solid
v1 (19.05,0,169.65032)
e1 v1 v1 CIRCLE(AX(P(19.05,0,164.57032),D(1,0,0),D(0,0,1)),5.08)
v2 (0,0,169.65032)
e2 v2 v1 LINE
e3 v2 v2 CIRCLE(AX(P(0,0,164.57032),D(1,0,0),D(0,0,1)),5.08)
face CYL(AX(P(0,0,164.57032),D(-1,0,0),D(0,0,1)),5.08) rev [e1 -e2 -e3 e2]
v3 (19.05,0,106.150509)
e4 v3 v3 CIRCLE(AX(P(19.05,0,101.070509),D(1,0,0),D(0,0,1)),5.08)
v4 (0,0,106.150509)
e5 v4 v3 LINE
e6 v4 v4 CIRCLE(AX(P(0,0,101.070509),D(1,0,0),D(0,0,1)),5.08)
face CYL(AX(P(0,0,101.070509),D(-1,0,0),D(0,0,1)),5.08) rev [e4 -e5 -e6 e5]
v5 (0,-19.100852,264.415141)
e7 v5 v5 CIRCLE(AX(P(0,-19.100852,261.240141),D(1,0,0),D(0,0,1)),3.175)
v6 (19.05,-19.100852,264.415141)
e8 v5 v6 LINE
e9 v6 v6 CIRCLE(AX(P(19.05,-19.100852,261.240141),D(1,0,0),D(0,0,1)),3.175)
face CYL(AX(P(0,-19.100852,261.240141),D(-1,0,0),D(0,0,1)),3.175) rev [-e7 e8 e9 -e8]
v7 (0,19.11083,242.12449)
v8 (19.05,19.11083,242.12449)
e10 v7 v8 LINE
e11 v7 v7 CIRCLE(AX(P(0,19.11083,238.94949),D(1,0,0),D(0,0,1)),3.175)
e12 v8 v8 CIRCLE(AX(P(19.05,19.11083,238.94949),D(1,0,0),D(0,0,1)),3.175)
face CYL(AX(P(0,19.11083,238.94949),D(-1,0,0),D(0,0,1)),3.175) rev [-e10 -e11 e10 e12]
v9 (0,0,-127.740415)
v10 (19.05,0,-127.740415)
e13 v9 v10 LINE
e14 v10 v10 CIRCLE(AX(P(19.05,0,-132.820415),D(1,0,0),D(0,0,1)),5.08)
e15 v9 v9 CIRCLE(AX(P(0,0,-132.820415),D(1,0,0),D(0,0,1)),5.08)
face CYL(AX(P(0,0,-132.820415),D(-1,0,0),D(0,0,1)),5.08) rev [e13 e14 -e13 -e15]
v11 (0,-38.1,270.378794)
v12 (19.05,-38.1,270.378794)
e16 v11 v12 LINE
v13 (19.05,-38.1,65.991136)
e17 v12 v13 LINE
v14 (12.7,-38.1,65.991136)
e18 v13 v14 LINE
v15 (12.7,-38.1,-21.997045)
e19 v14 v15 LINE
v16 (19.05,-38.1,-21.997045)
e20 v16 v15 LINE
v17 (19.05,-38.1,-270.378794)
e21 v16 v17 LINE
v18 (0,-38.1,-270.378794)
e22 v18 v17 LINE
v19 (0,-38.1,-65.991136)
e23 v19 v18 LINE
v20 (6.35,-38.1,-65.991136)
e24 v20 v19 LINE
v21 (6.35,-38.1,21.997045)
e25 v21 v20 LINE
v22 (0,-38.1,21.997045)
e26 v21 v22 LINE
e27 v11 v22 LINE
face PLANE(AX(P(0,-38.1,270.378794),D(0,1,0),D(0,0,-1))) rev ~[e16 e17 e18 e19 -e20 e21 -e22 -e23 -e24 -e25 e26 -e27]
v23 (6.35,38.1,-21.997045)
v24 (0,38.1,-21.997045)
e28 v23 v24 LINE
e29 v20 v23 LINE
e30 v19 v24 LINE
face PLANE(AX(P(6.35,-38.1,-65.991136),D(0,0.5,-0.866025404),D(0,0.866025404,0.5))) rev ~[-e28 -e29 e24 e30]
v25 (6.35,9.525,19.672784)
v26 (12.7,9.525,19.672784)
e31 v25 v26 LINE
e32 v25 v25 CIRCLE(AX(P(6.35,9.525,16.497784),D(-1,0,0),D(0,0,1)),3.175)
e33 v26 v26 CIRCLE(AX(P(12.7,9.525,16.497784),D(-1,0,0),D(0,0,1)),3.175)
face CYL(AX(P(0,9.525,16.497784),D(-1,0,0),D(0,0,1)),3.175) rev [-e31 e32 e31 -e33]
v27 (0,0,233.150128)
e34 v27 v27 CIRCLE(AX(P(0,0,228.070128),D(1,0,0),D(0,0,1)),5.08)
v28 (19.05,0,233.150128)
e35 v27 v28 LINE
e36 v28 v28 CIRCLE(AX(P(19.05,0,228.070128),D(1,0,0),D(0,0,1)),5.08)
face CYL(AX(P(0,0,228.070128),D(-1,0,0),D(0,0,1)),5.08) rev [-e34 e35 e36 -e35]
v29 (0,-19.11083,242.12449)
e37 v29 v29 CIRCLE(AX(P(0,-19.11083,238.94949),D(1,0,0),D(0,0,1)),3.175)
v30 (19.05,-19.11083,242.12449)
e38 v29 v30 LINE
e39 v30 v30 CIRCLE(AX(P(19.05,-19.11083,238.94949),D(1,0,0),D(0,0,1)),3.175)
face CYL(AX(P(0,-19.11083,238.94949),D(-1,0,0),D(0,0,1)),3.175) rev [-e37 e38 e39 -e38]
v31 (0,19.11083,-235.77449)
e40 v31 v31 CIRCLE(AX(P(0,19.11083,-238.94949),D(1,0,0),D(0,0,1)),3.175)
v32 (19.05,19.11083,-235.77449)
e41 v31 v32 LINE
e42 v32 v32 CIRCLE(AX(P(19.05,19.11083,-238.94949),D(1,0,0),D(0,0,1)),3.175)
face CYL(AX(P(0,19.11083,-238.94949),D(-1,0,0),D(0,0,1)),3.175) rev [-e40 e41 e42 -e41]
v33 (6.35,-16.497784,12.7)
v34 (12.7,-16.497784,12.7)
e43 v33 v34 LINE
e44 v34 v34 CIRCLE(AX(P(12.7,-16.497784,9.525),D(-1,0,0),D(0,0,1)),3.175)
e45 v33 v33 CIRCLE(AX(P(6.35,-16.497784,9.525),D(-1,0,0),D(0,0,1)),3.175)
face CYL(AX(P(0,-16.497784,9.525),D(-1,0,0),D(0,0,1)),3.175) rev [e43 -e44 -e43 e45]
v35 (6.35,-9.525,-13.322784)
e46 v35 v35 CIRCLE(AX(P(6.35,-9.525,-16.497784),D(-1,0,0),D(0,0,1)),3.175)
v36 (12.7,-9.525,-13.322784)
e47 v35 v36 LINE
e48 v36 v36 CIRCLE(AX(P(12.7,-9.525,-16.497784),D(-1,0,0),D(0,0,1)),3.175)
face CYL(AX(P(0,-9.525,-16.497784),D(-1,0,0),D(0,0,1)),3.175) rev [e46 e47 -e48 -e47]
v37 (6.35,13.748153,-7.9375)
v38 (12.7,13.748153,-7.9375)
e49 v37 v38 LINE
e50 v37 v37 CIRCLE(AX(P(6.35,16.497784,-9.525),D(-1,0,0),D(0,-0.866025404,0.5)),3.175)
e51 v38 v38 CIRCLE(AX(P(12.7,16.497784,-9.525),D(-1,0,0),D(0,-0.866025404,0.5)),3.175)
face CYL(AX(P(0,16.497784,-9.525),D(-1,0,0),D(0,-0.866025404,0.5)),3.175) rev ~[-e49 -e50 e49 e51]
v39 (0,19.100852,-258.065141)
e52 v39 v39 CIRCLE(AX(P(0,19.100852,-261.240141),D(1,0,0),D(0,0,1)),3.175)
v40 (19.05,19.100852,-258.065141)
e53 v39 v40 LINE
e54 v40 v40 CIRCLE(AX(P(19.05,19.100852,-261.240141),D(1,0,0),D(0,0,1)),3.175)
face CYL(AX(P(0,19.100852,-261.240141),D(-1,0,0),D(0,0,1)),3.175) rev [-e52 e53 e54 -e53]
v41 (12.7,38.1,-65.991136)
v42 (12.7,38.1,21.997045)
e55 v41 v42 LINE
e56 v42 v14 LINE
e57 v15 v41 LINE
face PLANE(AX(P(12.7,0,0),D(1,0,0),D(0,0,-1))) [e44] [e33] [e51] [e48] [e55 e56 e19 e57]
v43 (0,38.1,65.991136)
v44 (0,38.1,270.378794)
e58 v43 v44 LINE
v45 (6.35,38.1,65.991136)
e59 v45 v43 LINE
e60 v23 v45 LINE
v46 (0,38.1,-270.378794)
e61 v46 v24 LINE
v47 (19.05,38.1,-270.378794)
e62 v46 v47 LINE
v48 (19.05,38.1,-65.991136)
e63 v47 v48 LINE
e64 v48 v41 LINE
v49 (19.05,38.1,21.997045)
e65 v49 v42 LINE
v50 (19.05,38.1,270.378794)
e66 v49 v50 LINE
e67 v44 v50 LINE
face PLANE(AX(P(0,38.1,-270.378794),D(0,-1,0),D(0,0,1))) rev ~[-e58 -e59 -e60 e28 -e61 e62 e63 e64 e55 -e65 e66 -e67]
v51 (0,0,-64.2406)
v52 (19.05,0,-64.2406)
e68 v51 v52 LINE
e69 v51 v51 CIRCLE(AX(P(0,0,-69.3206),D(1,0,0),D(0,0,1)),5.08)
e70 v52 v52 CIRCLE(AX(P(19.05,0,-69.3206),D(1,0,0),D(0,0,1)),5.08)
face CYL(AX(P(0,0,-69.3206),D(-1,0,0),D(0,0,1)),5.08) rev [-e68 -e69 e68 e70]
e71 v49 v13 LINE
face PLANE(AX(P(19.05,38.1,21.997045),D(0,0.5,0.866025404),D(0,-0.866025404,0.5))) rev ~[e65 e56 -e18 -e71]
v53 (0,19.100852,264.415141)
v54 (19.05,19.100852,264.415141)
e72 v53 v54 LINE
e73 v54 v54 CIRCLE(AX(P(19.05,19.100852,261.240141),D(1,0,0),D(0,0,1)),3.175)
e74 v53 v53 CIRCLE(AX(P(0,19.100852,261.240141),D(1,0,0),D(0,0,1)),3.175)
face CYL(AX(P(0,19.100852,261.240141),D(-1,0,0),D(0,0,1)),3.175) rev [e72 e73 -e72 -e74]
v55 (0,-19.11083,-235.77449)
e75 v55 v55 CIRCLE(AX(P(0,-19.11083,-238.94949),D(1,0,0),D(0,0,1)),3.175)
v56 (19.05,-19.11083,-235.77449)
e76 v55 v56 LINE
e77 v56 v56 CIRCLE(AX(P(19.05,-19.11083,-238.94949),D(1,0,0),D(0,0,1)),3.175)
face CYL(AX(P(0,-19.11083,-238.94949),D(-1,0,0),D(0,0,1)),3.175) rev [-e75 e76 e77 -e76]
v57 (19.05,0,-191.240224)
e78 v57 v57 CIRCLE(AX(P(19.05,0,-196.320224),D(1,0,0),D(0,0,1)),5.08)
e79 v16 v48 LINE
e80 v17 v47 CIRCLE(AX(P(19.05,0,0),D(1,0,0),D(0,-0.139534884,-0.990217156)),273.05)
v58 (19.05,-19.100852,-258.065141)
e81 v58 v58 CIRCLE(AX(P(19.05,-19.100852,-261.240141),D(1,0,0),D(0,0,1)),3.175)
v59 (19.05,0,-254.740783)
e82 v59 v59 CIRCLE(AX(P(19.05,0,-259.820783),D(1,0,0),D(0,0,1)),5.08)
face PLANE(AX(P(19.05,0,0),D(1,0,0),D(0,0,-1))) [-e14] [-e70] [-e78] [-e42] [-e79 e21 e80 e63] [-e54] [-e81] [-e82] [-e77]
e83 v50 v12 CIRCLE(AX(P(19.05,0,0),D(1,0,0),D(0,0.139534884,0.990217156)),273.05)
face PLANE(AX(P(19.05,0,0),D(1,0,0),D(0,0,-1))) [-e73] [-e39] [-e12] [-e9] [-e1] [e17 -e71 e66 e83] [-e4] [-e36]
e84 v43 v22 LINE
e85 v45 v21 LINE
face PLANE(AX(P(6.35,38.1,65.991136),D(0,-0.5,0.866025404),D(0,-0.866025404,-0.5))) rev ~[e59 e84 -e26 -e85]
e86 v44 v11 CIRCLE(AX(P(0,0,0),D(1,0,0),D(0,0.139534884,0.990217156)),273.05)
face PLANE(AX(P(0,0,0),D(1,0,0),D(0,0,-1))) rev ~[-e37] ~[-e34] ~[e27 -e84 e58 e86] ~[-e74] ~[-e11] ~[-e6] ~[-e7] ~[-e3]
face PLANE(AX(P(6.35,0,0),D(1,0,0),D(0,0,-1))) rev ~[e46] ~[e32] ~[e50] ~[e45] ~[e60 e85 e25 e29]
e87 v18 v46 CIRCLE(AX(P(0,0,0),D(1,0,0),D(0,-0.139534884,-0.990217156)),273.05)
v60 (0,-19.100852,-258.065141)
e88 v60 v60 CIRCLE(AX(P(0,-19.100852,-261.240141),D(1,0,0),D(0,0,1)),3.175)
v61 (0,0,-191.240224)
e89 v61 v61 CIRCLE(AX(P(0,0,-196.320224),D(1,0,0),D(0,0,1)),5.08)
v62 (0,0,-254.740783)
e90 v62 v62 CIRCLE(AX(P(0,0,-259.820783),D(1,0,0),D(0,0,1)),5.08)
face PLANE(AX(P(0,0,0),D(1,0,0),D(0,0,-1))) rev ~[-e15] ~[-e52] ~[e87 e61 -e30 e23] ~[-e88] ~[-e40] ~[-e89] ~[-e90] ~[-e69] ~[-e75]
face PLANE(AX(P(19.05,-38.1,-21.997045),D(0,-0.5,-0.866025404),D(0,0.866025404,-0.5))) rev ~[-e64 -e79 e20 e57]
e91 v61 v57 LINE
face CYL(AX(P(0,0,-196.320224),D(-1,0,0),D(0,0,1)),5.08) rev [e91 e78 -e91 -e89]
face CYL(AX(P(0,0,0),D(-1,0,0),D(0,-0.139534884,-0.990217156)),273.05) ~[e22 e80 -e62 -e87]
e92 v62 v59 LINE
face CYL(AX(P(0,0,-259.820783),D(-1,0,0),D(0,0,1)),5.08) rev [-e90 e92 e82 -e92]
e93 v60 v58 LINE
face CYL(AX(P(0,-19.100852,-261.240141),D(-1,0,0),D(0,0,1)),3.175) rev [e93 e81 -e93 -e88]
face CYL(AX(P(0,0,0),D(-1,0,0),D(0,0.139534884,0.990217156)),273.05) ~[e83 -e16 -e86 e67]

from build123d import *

# Parameters (mm, degrees)
SKETCH2_R           = 3.175
SKETCH2_R_2         = 5.08
BOSS_EXTRUDE1_DEPTH = 19.05
CUT_EXTRUDE2_START  = -12.7
CUT_EXTRUDE2_DEPTH  = 6.35
CUT_EXTRUDE3_DEPTH  = 6.35


with BuildPart() as part:
    # Sketch2 → Boss-Extrude1 (new body)
    with BuildSketch(Plane(origin=(0, 0, 0), x_dir=(0, 0, -1), z_dir=(1, 0, 0))):
        with BuildLine():
            Line((21.997045256, 38.1), (-270.378794472, 38.1))
            ThreePointArc((-270.378794472, 38.1), (-273.05, 0), (-270.378794472, -38.1))
            Line((-270.378794472, -38.1), (270.378794472, -38.1))
            ThreePointArc((270.378794472, -38.1), (273.05, 0), (270.378794472, 38.1))
            Line((270.378794472, 38.1), (21.997045256, 38.1))
        make_face()
        with BuildLine():
            ThreePointArc((11.1125, 19.247414599), (12.274630657, 14.910283942), (7.9375, 13.748153285))
            ThreePointArc((7.9375, 13.748153285), (6.775369343, 18.085283942), (11.1125, 19.247414599))
        make_face(mode=Mode.SUBTRACT)
        with Locations((-16.497783942, 9.525)):
            Circle(SKETCH2_R, mode=Mode.SUBTRACT)
        with Locations((-9.525, -16.497783942)):
            Circle(SKETCH2_R, mode=Mode.SUBTRACT)
        with Locations((16.497783942, -9.525)):
            Circle(SKETCH2_R, mode=Mode.SUBTRACT)
        with Locations((-228.070127818, 0)):
            Circle(SKETCH2_R_2, mode=Mode.SUBTRACT)
        with Locations((-101.070508964, 0)):
            Circle(SKETCH2_R_2, mode=Mode.SUBTRACT)
        with Locations((-164.570319717, 0)):
            Circle(SKETCH2_R_2, mode=Mode.SUBTRACT)
        with Locations((196.320223938, 0)):
            Circle(SKETCH2_R_2, mode=Mode.SUBTRACT)
        with Locations((132.82041491, 0)):
            Circle(SKETCH2_R_2, mode=Mode.SUBTRACT)
        with Locations((69.320600315, 0)):
            Circle(SKETCH2_R_2, mode=Mode.SUBTRACT)
        with Locations((-261.240141142, 19.100852393)):
            Circle(SKETCH2_R, mode=Mode.SUBTRACT)
        with Locations((-238.949490115, 19.110830171)):
            Circle(SKETCH2_R, mode=Mode.SUBTRACT)
        with Locations((-261.240141142, -19.100852393)):
            Circle(SKETCH2_R, mode=Mode.SUBTRACT)
        with Locations((-238.949490115, -19.110830171)):
            Circle(SKETCH2_R, mode=Mode.SUBTRACT)
        with Locations((261.240141142, 19.100852393)):
            Circle(SKETCH2_R, mode=Mode.SUBTRACT)
        with Locations((238.949490115, 19.110830171)):
            Circle(SKETCH2_R, mode=Mode.SUBTRACT)
        with Locations((259.820783483, 0)):
            Circle(SKETCH2_R_2, mode=Mode.SUBTRACT)
        with Locations((238.949490115, -19.110830171)):
            Circle(SKETCH2_R, mode=Mode.SUBTRACT)
        with Locations((261.240141142, -19.100852393)):
            Circle(SKETCH2_R, mode=Mode.SUBTRACT)
    extrude(amount=BOSS_EXTRUDE1_DEPTH)

    # Sketch3 → Cut-Extrude2 (cut)
    with BuildSketch(Plane(origin=(19.05, 0, 0), x_dir=(0, 0, -1), z_dir=(1, 0, 0)).offset(CUT_EXTRUDE2_START)):
        Polygon((65.991135768, -38.1), (21.997045256, 38.1), (-65.991135768, 38.1), (-21.997045256, -38.1), align=None)
    extrude(amount=-CUT_EXTRUDE2_DEPTH, mode=Mode.SUBTRACT)

    # Sketch3<5> → Cut-Extrude3 (cut)
    with BuildSketch(Plane(origin=(19.05, 0, 0), x_dir=(0, 0, -1), z_dir=(1, 0, 0))):
        Polygon((21.997045256, -38.1), (65.991135768, 38.1), (-21.997045256, 38.1), (-65.991135768, -38.1), align=None)
    extrude(amount=-CUT_EXTRUDE3_DEPTH, mode=Mode.SUBTRACT)


solid = part.part
